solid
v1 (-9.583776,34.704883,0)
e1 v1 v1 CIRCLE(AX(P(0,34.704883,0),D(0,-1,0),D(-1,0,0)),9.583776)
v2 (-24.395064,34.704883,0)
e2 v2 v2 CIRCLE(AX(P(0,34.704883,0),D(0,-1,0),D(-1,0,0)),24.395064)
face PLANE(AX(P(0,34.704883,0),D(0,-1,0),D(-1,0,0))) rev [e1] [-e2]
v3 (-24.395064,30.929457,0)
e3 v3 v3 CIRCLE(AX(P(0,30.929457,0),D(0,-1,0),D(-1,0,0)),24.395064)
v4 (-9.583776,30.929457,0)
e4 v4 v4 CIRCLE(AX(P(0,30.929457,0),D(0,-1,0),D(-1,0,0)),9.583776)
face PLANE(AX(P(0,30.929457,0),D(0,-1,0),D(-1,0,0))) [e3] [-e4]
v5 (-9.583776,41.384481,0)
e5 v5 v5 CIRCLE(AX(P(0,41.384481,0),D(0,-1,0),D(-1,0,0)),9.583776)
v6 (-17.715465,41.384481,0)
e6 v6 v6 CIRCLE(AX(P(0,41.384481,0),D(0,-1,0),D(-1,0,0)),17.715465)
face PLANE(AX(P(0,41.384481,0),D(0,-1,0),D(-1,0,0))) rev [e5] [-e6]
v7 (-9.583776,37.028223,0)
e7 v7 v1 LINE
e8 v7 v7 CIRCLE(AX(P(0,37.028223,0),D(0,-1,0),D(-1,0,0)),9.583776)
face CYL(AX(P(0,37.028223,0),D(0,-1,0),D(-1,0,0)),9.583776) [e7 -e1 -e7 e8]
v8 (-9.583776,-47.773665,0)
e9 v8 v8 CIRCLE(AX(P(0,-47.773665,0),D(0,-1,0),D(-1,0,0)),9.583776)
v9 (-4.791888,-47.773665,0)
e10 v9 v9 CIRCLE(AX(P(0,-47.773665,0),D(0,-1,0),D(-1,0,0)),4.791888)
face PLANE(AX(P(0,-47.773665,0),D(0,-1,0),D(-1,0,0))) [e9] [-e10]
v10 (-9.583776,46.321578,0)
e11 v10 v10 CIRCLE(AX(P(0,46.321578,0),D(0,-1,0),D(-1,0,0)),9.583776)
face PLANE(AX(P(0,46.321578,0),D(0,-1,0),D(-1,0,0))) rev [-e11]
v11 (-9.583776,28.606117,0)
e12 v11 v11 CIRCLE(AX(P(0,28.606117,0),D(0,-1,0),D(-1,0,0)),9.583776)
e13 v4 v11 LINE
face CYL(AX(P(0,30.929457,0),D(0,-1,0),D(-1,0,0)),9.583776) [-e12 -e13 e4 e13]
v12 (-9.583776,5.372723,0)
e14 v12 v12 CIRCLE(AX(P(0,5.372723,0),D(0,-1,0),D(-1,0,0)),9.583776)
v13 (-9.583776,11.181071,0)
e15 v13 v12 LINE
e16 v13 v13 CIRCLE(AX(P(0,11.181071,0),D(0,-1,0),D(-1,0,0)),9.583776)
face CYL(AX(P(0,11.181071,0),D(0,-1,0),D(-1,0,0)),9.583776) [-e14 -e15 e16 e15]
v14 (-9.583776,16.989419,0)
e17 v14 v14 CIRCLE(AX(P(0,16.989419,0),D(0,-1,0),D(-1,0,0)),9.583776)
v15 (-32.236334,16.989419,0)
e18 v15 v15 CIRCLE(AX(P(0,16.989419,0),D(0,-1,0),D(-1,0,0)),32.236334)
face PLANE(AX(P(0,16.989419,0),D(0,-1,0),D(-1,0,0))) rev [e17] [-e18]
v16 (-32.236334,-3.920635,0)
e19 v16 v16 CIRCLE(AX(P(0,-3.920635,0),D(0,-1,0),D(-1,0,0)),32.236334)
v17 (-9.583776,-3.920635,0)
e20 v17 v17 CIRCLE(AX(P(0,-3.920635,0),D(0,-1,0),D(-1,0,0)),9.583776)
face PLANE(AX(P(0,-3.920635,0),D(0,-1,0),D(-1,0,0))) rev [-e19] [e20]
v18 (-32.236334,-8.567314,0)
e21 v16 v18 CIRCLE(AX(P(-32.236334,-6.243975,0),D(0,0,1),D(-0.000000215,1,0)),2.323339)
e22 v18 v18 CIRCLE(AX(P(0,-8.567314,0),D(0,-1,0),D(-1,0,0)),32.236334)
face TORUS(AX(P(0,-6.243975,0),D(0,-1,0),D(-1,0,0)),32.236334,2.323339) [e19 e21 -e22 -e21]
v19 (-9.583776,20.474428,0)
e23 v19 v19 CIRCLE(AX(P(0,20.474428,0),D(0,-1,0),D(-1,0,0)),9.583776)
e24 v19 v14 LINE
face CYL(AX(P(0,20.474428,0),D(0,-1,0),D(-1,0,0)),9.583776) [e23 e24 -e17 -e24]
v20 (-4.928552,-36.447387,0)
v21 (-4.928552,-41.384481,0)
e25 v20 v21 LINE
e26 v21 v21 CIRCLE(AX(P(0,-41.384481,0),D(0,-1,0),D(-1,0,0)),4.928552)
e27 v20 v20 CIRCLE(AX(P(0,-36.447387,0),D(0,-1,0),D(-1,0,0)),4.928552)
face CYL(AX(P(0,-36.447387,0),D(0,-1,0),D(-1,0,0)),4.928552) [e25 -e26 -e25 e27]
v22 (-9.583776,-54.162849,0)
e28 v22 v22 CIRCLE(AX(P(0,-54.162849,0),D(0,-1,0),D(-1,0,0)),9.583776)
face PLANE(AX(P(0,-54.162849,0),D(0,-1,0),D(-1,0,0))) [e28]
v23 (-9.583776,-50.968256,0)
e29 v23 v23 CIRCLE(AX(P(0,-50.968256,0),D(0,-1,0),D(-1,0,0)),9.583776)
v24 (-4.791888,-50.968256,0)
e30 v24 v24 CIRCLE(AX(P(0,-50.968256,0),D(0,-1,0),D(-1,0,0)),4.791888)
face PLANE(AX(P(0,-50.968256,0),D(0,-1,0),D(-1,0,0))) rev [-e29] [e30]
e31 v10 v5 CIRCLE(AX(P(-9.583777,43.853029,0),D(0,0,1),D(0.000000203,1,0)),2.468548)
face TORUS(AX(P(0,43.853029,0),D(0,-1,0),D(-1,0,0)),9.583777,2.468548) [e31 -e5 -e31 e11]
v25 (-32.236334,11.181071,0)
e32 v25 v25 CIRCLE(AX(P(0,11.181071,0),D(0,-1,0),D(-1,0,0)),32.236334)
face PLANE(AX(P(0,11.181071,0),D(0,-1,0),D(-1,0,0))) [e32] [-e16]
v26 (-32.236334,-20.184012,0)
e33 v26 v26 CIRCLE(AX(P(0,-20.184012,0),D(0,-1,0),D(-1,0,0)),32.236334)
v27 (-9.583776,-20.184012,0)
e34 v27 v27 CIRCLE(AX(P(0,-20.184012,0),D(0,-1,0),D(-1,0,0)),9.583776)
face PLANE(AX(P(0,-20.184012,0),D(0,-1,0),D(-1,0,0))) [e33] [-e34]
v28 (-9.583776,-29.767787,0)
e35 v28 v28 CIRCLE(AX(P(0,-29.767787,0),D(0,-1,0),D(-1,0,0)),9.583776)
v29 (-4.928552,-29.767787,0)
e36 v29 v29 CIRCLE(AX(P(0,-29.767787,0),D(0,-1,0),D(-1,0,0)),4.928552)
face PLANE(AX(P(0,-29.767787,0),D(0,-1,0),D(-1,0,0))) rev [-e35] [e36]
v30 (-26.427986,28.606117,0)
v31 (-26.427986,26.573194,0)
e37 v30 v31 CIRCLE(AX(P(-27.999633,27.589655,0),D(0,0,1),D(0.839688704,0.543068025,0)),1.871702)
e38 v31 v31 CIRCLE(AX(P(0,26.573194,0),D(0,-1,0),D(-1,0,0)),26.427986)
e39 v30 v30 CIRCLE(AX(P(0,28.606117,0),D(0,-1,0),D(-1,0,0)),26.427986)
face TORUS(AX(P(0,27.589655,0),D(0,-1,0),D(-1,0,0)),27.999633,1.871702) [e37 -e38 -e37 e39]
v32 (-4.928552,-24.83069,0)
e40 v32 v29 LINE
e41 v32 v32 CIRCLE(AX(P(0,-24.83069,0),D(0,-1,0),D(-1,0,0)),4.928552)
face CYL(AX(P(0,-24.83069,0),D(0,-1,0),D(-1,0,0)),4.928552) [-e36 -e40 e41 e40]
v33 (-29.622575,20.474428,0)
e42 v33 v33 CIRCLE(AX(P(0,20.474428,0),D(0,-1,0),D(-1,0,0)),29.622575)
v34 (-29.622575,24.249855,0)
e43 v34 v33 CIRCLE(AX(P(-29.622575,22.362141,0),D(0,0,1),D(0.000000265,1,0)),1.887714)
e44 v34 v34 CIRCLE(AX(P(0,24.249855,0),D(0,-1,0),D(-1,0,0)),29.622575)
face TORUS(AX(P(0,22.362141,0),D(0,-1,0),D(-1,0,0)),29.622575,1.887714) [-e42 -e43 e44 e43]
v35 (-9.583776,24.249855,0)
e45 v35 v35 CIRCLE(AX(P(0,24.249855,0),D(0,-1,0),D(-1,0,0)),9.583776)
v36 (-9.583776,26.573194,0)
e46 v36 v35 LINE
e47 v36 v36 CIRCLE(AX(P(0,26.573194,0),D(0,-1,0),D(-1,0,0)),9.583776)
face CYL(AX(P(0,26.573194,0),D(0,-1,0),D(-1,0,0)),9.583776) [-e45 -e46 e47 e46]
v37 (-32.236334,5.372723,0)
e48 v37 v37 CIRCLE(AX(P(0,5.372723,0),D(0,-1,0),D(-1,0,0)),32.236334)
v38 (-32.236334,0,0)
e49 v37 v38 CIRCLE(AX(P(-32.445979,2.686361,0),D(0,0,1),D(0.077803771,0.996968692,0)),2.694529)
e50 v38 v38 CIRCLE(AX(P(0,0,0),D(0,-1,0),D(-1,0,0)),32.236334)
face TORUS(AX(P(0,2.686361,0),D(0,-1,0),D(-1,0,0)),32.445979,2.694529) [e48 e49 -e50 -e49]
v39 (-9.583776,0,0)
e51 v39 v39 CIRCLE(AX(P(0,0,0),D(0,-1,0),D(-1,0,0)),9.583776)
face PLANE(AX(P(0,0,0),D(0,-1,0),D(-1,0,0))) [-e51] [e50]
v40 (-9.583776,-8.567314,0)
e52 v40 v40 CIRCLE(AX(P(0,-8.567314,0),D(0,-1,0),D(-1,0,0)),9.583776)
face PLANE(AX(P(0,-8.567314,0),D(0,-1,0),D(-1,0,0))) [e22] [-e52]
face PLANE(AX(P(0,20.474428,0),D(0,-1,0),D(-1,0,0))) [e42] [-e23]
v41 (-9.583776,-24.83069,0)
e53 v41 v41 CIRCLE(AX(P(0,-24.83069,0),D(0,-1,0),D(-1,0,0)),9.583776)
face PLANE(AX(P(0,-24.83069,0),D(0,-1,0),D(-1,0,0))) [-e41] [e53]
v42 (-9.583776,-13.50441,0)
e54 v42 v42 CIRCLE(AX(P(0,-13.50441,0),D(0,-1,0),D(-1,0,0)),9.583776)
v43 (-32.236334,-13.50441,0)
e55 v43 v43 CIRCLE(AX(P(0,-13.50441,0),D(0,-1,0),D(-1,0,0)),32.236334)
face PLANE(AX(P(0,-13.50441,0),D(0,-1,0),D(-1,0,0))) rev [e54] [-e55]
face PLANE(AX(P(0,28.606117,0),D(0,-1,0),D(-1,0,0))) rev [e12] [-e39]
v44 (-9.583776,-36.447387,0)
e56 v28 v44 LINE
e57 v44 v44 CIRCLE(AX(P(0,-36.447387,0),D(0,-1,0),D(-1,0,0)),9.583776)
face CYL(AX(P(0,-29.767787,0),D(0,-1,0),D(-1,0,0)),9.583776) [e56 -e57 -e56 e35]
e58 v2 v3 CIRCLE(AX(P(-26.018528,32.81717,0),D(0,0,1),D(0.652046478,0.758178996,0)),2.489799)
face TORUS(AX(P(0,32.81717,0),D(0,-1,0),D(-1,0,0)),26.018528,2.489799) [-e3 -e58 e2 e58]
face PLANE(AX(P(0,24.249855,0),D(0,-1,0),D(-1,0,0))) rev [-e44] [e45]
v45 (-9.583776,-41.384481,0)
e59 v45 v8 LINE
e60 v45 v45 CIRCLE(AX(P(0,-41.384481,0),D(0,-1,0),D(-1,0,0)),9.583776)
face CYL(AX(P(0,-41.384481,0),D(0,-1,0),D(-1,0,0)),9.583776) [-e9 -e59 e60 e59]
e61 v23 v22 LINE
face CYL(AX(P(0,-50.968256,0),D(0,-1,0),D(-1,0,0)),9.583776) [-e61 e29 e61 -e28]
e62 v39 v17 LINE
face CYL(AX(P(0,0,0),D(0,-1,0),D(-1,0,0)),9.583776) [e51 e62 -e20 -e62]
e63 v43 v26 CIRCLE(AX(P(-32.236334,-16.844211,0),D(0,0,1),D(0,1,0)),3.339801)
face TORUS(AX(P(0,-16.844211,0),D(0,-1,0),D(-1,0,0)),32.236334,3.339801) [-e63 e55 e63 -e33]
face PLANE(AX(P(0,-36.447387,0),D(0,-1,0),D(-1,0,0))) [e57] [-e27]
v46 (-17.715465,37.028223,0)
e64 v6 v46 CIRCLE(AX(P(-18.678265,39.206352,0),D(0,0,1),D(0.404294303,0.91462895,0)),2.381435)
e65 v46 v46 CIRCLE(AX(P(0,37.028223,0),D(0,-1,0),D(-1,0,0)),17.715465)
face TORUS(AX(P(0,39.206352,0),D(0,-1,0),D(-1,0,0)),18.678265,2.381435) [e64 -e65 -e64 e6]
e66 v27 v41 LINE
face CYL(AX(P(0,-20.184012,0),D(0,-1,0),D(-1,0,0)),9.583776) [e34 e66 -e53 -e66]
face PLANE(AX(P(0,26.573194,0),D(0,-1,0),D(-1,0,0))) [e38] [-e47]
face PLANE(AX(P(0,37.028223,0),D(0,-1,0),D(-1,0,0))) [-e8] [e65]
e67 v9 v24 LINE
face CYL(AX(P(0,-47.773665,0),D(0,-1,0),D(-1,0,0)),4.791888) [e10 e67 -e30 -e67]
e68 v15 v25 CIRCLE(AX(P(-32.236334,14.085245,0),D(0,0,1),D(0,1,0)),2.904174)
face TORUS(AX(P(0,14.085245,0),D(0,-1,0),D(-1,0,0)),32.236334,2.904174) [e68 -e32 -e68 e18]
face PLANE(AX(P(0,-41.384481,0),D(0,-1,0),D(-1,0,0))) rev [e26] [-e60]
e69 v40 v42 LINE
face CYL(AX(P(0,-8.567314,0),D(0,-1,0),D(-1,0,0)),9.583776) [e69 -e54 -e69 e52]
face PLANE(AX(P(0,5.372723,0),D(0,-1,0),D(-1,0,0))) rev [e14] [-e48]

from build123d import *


with BuildPart() as f1:
    # F0 (on Top) → F1 (revolve)
    with BuildSketch(Plane.XY):
        with BuildLine():
            Line((0, 41.384481), (0, 46.321578))
            Line((0, 46.321578), (-9.583776, 46.321578))
            ThreePointArc((-9.583776, 46.321578), (-12.052325, 43.85303), (-9.583776, 41.384481))
            Line((-9.583776, 41.384481), (0, 41.384481))
        make_face()
        Polygon((0, 37.028223), (0, 41.384481), (-9.583776, 41.384481), (-17.715465, 41.384481), (-17.715465, 37.028223), (-9.583776, 37.028223), (-9.583776, 34.704883), (-24.395064, 34.704883), (-24.395064, 30.929457), (-9.583776, 30.929457), (-9.583776, 28.606117), (-26.427986, 28.606117), (-26.427986, 26.573194), (-9.583776, 26.573194), (-9.583776, 24.249855), (-29.622575, 24.249855), (-29.622575, 20.474428), (-9.583776, 20.474428), (-9.583776, 16.989419), (-32.236334, 16.989419), (-32.236334, 11.181071), (-9.583776, 11.181071), (-9.583776, 5.372723), (-32.236334, 5.372723), (-32.236334, 0), (-9.583776, 0), (-9.583776, -3.920635), (-32.236334, -3.920635), (-32.236334, -8.567314), (-9.583776, -8.567314), (-9.583776, -13.50441), (-32.236334, -13.50441), (-32.236334, -20.184012), (-9.583776, -20.184012), (-9.583776, -24.83069), (-4.928552, -24.83069), (-4.928552, -29.767787), (-9.583776, -29.767787), (-9.583776, -36.447387), (-4.928552, -36.447387), (-4.928552, -41.384481), (-9.583776, -41.384481), (-9.583776, -47.773665), (-4.791888, -47.773665), (-4.791888, -50.968256), (-9.583776, -50.968256), (-9.583776, -54.162849), (0, -54.162849), (0, -20.184012), (0, -13.50441), (0, -8.567314), (0, -3.920635), (0, 0), (0, 5.372723), (0, 11.181071), (0, 16.989419), (0, 20.474428), (0, 24.249855), (0, 26.573194), (0, 28.606117), (0, 30.929457), (0, 34.704883), align=None)
        with BuildLine():
            Line((-17.715465, 37.028223), (-17.715465, 41.384481))
            ThreePointArc((-17.715465, 41.384481), (-21.0597, 39.206352), (-17.715465, 37.028223))
        make_face()
        with BuildLine():
            Line((-24.395064, 30.929457), (-24.395064, 34.704883))
            ThreePointArc((-24.395064, 34.704883), (-28.508327, 32.81717), (-24.395064, 30.929457))
        make_face()
        with BuildLine():
            Line((-26.427986, 26.573194), (-26.427986, 28.606117))
            ThreePointArc((-26.427986, 28.606117), (-29.871335, 27.589655), (-26.427986, 26.573194))
        make_face()
        with BuildLine():
            Line((-29.622575, 20.474428), (-29.622575, 24.249855))
            ThreePointArc((-29.622575, 24.249855), (-31.510289, 22.362142), (-29.622575, 20.474428))
        make_face()
        with BuildLine():
            Line((-32.236334, 11.181071), (-32.236334, 16.989419))
            ThreePointArc((-32.236334, 16.989419), (-35.140508, 14.085245), (-32.236334, 11.181071))
        make_face()
        with BuildLine():
            Line((-32.236334, 0), (-32.236334, 5.372723))
            ThreePointArc((-32.236334, 5.372723), (-35.140508, 2.686361), (-32.236334, 0))
        make_face()
        with BuildLine():
            Line((-32.236334, -8.567314), (-32.236334, -3.920635))
            ThreePointArc((-32.236334, -3.920635), (-34.559673, -6.243974), (-32.236334, -8.567314))
        make_face()
        with BuildLine():
            Line((-32.236334, -20.184012), (-32.236334, -13.50441))
            ThreePointArc((-32.236334, -13.50441), (-35.576135, -16.844211), (-32.236334, -20.184012))
        make_face()
    revolve(axis=Axis((0, 25.84715, 0), (0, -1, 0)))


solid = f1.part
